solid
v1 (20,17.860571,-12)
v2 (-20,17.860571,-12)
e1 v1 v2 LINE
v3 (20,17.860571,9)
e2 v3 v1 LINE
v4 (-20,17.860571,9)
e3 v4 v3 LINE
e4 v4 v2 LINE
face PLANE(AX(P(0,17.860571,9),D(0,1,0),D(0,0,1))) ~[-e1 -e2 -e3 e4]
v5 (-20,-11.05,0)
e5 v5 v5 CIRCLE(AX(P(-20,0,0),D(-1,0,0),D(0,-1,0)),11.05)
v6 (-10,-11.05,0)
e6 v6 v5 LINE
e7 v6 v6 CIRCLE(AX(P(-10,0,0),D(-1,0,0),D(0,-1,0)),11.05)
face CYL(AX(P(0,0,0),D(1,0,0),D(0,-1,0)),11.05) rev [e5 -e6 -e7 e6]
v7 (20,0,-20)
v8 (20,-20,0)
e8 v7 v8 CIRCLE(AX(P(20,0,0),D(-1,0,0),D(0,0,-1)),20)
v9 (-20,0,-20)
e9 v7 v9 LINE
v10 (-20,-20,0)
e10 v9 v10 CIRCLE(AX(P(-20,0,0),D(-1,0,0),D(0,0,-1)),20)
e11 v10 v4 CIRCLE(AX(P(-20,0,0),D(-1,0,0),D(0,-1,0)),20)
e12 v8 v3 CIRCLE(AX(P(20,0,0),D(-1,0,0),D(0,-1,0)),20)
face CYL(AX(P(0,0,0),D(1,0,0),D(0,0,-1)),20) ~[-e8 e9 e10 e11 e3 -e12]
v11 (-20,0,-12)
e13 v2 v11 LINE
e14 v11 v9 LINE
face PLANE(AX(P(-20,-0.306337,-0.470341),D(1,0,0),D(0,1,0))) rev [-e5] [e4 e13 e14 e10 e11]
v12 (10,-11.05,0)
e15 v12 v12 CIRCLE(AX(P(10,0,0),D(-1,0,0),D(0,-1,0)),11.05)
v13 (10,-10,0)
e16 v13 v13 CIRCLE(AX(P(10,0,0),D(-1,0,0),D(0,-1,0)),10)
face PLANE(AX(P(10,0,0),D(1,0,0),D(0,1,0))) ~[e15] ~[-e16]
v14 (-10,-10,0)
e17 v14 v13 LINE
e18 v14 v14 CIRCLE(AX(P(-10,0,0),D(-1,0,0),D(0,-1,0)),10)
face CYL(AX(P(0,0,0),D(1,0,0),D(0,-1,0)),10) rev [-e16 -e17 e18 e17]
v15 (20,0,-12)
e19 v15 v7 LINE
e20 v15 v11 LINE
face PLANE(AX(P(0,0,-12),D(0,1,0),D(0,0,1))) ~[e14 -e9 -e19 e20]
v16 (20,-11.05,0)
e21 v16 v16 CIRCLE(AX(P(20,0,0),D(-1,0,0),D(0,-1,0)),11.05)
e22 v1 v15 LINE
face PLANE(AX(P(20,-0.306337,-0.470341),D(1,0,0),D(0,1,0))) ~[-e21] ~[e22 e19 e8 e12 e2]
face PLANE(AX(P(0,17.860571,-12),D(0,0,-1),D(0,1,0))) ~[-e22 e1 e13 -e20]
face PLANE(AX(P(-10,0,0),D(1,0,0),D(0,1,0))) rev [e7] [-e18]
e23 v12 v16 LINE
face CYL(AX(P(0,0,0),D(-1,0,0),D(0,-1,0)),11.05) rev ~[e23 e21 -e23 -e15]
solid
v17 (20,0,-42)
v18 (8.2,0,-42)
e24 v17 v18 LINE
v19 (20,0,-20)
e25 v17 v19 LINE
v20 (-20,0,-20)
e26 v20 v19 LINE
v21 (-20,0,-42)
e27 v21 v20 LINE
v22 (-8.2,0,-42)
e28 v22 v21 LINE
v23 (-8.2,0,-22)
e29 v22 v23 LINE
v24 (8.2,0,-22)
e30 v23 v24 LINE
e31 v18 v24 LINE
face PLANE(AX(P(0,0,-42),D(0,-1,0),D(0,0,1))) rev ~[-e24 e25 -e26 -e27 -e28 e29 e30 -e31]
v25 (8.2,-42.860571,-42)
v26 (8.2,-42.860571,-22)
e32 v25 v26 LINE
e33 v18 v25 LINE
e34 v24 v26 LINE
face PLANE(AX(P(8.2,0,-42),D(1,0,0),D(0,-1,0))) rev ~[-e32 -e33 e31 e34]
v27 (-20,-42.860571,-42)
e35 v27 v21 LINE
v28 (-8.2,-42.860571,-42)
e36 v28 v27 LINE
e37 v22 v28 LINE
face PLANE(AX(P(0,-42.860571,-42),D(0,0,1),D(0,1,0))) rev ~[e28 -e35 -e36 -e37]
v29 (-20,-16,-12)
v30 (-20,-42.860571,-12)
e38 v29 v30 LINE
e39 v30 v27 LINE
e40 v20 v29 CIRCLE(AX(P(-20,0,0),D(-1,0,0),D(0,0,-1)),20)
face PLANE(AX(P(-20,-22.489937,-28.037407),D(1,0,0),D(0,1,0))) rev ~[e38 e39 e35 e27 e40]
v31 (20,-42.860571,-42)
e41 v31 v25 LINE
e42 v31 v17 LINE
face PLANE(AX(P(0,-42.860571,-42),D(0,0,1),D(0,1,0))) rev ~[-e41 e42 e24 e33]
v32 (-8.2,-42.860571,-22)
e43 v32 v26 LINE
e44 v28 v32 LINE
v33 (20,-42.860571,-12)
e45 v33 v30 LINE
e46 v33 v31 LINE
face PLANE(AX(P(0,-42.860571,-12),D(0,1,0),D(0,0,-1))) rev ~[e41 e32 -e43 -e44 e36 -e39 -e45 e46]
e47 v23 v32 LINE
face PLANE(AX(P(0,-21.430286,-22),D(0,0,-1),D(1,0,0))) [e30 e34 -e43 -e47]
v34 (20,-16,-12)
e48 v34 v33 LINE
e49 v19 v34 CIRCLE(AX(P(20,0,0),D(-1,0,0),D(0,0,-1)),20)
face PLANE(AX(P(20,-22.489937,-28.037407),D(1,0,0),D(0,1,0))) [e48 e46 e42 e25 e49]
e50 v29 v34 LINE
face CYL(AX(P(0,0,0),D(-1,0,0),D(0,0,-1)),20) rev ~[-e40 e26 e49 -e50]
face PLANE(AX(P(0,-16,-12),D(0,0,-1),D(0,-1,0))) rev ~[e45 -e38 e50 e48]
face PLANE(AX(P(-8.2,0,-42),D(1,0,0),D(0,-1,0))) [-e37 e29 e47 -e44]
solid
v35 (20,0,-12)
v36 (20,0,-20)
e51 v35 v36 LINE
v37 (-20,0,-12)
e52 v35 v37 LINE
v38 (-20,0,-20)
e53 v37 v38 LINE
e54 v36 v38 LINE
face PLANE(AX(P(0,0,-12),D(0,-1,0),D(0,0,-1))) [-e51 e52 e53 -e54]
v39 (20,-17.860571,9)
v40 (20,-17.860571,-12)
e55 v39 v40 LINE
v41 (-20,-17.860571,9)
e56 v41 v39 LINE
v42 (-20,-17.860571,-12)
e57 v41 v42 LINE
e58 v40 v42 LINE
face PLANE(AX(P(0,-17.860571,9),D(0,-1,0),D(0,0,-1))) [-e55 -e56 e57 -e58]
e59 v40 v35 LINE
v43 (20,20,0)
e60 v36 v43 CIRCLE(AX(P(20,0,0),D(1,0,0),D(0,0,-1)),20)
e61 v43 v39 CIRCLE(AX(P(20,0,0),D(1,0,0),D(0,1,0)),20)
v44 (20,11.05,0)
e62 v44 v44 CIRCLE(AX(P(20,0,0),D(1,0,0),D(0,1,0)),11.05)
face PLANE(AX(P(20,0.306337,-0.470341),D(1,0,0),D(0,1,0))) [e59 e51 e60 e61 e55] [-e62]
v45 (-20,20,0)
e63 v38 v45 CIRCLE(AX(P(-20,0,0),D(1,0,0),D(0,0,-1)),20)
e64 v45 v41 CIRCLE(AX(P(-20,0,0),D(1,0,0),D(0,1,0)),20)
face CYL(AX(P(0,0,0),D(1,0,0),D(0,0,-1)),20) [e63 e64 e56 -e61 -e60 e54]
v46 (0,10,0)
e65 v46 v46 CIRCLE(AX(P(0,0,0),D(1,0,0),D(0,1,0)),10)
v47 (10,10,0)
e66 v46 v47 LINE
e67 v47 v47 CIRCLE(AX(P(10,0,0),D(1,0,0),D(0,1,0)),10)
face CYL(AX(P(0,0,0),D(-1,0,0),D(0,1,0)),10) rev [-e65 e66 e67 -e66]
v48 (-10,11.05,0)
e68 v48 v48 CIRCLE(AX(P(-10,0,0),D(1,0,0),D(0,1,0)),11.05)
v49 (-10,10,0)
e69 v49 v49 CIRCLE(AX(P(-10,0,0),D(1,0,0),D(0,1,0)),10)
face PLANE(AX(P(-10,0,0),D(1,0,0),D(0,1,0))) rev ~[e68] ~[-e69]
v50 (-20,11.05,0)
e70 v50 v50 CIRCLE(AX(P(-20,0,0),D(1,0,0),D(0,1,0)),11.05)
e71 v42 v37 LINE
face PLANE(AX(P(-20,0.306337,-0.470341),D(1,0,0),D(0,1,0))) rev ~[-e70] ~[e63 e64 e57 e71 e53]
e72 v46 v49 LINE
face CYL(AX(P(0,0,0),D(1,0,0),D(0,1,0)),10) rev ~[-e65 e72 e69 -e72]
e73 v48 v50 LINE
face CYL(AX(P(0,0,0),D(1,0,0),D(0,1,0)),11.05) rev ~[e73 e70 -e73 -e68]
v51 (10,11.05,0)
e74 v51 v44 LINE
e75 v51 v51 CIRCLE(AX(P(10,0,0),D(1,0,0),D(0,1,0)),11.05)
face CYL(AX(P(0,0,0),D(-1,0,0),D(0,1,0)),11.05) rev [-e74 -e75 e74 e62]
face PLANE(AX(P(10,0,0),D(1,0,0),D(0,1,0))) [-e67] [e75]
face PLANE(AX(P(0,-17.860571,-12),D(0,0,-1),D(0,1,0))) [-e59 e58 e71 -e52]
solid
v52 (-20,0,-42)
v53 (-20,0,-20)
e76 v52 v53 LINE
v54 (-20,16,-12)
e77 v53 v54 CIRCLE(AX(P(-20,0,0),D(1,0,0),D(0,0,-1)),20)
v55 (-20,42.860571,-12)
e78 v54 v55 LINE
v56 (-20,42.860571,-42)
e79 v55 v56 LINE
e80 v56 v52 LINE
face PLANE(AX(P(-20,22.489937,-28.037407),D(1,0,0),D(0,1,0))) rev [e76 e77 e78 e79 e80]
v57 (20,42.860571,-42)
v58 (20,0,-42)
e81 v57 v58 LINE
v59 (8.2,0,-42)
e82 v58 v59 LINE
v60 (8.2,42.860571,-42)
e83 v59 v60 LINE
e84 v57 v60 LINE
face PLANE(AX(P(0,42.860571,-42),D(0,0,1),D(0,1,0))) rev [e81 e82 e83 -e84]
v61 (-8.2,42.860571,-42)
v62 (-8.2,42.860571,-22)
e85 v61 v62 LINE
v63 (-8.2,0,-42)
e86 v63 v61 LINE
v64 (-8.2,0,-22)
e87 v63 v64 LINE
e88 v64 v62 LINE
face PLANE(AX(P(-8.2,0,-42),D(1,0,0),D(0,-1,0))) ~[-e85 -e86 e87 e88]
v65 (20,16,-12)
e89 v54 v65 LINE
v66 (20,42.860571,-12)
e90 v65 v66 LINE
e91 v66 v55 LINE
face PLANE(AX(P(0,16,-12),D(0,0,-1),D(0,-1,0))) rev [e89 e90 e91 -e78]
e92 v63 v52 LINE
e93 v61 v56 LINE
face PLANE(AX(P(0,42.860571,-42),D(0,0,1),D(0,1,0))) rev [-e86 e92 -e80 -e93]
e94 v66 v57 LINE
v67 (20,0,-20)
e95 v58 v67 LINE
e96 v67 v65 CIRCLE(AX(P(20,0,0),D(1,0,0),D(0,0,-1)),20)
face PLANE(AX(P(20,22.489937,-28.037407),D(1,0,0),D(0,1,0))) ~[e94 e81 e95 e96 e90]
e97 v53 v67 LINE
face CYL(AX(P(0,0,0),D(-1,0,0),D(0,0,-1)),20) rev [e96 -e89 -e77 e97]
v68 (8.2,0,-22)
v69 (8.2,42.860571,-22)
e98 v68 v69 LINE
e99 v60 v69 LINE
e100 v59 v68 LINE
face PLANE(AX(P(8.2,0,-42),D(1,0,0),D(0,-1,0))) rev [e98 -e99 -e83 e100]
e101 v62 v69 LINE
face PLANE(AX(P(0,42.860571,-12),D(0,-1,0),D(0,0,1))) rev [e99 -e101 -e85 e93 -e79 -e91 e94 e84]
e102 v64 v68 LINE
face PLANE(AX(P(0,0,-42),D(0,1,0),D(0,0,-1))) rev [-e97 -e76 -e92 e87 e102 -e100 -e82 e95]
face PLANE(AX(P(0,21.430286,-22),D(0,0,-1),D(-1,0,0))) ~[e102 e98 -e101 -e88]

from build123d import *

# Parameters (mm, degrees)
F0_R          = 11.05
F1_DEPTH      = 20
F1_DEPTH_BACK = 20
F0_R_2        = 10
F2_DEPTH      = 10
F2_DEPTH_BACK = 10
F4_DEPTH      = 20
F4_DEPTH_BACK = 20
F5_W          = 16.4
F5_H          = 42.8605710995
F6_DEPTH      = 20


with BuildPart() as f1:
    # F0 (on Right) → F1 (new body, two sides)
    with BuildSketch(Plane.YZ) as f1_sk:
        with BuildLine():
            ThreePointArc((0, -20), (14.1421356237, -14.1421356237), (20, 0))
            ThreePointArc((20, 0), (4.6253960917, 19.4577930659), (-17.8605710995, 9))
            Line((-17.8605710995, 9), (-17.8605710995, -9))
            ThreePointArc((-17.8605710995, -9), (-16.9966046255, -10.5411304519), (-16, -12))
            Line((-16, -12), (0, -12))
            Line((0, -12), (0, -20))
        make_face()
        Circle(F0_R, mode=Mode.SUBTRACT)
        with BuildLine():
            ThreePointArc((-16, -12), (-16.9966046255, -10.5411304519), (-17.8605710995, -9))
            Line((-17.8605710995, -9), (-17.8605710995, -12))
            Line((-17.8605710995, -12), (-16, -12))
        make_face()
    extrude(amount=F1_DEPTH)
    extrude(f1_sk.sketch, amount=-F1_DEPTH_BACK)

    # F0 (on Right) → F2 (join, two sides)
    with BuildSketch(Plane.YZ) as f2_sk:
        Circle(F0_R)
        Circle(F0_R_2, mode=Mode.SUBTRACT)
    extrude(amount=F2_DEPTH)
    extrude(f2_sk.sketch, amount=-F2_DEPTH_BACK)


with BuildPart() as f3_1:
    # F3: instance of F1
    add(f1.part.mirror(Plane.XZ))


with BuildPart() as f4:
    # F0 (on Right) → F4 (new body, two sides)
    with BuildSketch(Plane.YZ) as f4_sk:
        with BuildLine():
            Line((0, -42), (0, -20))
            ThreePointArc((0, -20), (-8.94427191, -17.88854382), (-16, -12))
            Line((-16, -12), (-17.8605710995, -12))
            Line((-17.8605710995, -12), (-42.8605710995, -12))
            Line((-42.8605710995, -12), (-42.8605710995, -42))
            Line((-42.8605710995, -42), (0, -42))
        make_face()
    extrude(amount=-F4_DEPTH)
    extrude(f4_sk.sketch, amount=F4_DEPTH_BACK)

    # F5 (on face) → F6 (cut)
    with BuildSketch(Plane(origin=(0, 0, -42), x_dir=(1, 0, 0), z_dir=(0, 0, -1))):
        with Locations((0, 21.4302855497)):
            Rectangle(F5_W, F5_H)
    extrude(amount=-F6_DEPTH, mode=Mode.SUBTRACT)


with BuildPart() as f7_1:
    # F7: instance of F4
    add(f4.part.mirror(Plane.XZ))


solid = Compound([f1.part, f3_1.part, f4.part, f7_1.part])
